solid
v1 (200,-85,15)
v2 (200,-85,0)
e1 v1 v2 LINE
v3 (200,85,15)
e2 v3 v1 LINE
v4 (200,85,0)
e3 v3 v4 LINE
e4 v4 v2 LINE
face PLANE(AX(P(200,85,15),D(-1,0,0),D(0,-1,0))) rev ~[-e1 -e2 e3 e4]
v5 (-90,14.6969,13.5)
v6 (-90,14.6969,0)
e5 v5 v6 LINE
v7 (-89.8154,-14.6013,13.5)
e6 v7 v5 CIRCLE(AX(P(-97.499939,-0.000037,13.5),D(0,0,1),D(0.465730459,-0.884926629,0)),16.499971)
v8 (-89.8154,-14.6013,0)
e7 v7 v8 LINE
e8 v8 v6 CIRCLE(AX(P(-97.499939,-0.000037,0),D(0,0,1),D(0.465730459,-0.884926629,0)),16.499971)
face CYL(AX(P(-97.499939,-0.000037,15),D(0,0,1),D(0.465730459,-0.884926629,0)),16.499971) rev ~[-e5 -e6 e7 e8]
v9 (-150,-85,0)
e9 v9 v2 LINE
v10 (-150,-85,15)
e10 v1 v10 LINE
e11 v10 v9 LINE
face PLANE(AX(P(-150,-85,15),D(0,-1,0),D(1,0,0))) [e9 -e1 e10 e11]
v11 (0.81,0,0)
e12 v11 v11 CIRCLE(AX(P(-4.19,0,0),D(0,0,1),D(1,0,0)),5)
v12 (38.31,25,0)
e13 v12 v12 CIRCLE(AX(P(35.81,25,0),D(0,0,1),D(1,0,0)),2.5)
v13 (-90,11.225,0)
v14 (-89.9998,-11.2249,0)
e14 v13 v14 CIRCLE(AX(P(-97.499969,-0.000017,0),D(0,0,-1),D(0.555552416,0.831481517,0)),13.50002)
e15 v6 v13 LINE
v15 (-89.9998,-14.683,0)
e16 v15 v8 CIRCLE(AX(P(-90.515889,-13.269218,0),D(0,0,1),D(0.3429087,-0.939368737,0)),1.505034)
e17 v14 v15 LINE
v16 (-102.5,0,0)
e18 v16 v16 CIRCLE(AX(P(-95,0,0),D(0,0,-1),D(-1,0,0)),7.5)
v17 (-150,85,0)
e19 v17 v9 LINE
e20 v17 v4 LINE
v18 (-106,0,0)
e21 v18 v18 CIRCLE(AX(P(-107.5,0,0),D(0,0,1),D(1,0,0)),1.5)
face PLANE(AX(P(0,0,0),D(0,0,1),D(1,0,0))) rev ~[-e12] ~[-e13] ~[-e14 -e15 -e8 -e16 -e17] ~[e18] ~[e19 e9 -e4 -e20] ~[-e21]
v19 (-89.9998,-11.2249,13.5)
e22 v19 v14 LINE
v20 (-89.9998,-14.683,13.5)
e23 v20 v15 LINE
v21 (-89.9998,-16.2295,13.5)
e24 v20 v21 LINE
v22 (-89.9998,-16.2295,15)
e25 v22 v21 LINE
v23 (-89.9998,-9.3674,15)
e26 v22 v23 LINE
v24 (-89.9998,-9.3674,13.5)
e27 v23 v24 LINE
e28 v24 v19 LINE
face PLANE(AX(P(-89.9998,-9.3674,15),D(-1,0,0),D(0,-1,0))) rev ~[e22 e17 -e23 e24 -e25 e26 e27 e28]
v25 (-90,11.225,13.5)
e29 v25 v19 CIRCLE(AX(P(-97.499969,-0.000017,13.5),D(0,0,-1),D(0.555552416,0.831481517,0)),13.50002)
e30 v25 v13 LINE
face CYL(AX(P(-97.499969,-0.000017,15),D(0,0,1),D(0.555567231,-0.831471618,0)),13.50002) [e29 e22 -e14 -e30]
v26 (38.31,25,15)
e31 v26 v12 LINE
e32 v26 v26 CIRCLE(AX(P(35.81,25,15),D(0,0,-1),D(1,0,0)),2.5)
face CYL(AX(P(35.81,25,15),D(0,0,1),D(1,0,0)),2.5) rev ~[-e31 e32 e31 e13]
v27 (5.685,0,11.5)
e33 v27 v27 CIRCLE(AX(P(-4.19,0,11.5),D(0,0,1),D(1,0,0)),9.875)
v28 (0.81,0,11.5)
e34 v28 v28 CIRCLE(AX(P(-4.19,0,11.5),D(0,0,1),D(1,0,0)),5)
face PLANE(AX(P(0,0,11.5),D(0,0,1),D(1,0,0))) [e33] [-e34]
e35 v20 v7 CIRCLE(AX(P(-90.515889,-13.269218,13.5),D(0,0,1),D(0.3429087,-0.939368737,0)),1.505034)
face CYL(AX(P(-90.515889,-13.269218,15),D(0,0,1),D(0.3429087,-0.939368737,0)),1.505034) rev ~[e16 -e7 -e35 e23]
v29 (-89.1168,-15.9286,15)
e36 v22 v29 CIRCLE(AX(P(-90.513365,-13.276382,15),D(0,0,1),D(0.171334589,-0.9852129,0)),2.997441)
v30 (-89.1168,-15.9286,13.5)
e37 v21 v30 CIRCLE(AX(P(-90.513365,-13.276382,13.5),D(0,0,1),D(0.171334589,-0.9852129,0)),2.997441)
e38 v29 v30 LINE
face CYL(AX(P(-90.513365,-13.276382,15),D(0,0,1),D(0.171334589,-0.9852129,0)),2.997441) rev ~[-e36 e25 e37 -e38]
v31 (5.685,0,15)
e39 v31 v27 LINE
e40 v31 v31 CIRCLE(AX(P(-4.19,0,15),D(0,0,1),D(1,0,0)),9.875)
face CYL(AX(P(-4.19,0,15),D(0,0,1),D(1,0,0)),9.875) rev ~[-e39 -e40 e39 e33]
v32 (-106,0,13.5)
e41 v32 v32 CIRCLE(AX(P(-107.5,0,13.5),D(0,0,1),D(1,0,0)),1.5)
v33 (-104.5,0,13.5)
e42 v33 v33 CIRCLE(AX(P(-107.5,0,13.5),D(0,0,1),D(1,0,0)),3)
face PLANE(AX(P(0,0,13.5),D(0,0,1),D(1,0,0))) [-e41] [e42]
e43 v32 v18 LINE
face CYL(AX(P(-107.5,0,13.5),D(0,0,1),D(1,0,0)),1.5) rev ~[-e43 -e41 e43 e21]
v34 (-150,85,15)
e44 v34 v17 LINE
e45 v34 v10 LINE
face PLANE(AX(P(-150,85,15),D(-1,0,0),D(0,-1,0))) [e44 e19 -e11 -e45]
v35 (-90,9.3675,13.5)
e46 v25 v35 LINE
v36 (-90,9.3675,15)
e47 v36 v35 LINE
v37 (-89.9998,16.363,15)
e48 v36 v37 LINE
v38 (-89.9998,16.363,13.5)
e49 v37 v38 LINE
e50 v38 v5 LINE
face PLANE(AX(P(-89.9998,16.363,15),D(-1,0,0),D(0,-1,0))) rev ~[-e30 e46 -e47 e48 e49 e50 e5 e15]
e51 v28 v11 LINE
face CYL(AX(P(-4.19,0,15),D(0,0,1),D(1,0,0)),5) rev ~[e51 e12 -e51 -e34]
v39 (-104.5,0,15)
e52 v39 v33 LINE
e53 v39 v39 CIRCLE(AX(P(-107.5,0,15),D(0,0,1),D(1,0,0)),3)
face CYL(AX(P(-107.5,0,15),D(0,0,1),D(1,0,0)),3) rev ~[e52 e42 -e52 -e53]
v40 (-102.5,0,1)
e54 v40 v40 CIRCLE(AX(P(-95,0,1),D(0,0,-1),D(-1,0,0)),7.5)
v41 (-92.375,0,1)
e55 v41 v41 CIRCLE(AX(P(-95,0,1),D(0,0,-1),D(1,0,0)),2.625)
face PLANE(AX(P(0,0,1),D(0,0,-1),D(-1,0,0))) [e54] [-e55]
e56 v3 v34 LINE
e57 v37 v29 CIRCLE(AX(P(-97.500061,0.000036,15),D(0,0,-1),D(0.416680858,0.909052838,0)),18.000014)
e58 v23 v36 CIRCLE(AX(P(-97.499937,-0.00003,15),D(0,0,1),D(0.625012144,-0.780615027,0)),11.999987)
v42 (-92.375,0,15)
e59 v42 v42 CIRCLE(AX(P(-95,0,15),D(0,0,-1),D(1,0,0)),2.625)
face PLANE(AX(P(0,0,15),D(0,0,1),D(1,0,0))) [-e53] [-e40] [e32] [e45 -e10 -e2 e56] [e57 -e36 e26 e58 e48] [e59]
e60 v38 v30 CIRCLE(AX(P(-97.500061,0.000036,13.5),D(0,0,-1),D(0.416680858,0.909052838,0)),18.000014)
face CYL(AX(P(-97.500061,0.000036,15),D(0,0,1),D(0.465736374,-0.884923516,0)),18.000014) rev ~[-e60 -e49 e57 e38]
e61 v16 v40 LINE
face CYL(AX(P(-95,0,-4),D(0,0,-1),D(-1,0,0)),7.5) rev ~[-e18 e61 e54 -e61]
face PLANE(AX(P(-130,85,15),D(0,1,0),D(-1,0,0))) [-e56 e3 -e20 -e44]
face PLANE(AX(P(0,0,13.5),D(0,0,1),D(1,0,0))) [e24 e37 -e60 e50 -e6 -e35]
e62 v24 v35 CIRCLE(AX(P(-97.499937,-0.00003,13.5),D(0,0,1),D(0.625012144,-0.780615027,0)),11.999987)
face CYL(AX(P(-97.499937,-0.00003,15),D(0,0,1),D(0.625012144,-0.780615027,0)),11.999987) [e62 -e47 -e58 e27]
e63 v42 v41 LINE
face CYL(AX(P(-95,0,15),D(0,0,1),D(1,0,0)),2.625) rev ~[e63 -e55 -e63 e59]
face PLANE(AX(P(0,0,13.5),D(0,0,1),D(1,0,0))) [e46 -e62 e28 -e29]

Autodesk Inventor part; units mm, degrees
ref_plane "YZ Plane" through (0, 0, 0) normal (1, 0, 0) x (0, 1, 0)
ref_plane "XZ Plane" through (0, 0, 0) normal (0, 1, 0) x (-1, 0, 0)
sketch "Boceto2" plane through (0, 0, 0) normal (0, 0, 1) x (1, 0, 0)
  line L0 (130, -85) -> (-130, -85)
  line L1 (-130, -85) -> (-130, 85)
  line L2 (-130, 85) -> (130, 85)
  line L3 (130, 85) -> (130, -85)
  line L4 (130, -85) -> (-130, 85) construction
  line L5 (-130, -85) -> (130, 85) construction
  point P0 (0, 0)
  dimension "d0" = 260
  dimension "d1" = 170
extrude "Extrusión1" add sketch "Boceto2" along normal blind 15
sketch "Boceto3" plane through (0, 0, 15) normal (0, 0, 1) x (1, 0, 0)
  line L0 (-95, 0) -> (-4.19, 0) construction
  circle A0 centre (-95, 0) radius 2.625
  circle A1 centre (-4.19, 0) radius 9.875
  line L1 (-130, 85) -> (-130, -85) projected
  line L2 (130, -85) -> (130, 85) projected
  line L3 (-130, -85) -> (130, -85) projected
  line L4 (130, 0) -> (80, 0) construction
  line L5 (80, 0) -> (80, -23.2237) construction
  arc A2 (-102.5, -15.9496) -> (-102.5, 15.9496) centre (-109.9995, 0) ccw
  arc A3 (-102.5, -9.8973) -> (-102.5, 9.8973) centre (-109.9995, 0) ccw
  line L6 (-95, 0) -> (-102.5, 0)
  line L7 (-102.5, 15.9496) -> (-102.5, 12.8966)
  line L8 (-102.5, 15.9496) -> (-102.5, 9.8973)
  line L9 (-102.5, -9.8973) -> (-102.5, -15.9496)
  point P0 (0, 0)
  point P1 (-130, 0)
  point P2 (-92.375, 0)
  point P3 (-97.5893, -0.4312)
  point P4 (-97.5893, 0.4312)
  dimension "d7" = 5.25
  dimension "d8" = 19.75
  dimension "d14" = 85
  dimension "d29" = 50
  dimension "d31" = 35
  dimension "d32" = 134.19
  dimension "d139" = 125.81
  dimension "d141" = 7.5
sketch "Boceto5" plane through (0, 0, 0) normal (0, 0, -1) x (-1, 0, 0)
  line L0 (-130, -85) -> (-130, 85) projected
  line L1 (130, -85) -> (-130, -85)
  line L2 (-130, -85) -> (-130, 85)
  line L3 (-130, 85) -> (130, 85)
  line L4 (130, 85) -> (130, -85)
  line L5 (130, -85) -> (-130, 85) construction
  line L6 (-130, -85) -> (130, 85) construction
  line L7 (119.5, 74.5) -> (-119.5, 74.5)
  line L8 (-119.5, 74.5) -> (-119.5, -74.5)
  line L9 (-119.5, -74.5) -> (119.5, -74.5)
  line L10 (119.5, -74.5) -> (119.5, 74.5)
  circle A0 centre (95, 0) radius 2.625 projected
  circle A1 centre (95, 0) radius 2.625
  point P0 (0, 0)
  dimension "d23" = 10.5
  dimension "d25" = 5.25
sketch "Boceto6" plane through (0, 0, 15) normal (0, 0, 1) x (1, 0, 0)
  circle A0 centre (-4.19, 0) radius 10.125 projected
  line L0 (-4.19, 0) -> (35.81, 0)
  line L1 (35.81, 0) -> (35.81, 25)
  circle A1 centre (35.81, 25) radius 2.5
  point P0 (0, 0)
  dimension "d35" = 40
  dimension "d36" = 25
  dimension "d152" = 5
ref_plane "Plano de trabajo4" through (0, 0, -4) normal (0, 0, -1) x (-1, 0, 0)
sketch "Boceto10" plane through (0, 0, -4) normal (0, 0, -1) x (-1, 0, 0)
  circle A0 centre (95, 0) radius 2.625 projected
  circle A1 centre (95, 0) radius 7.5
  point P0 (0, 0)
  dimension "d51" = 15
ref_plane "Plano de trabajo1" through (-95, 0, 0) normal (0, 0, -1) x (-1, 0, 0)
sketch "Boceto12" plane through (0, 0, 15) normal (0, 0, 1) x (1, 0, 0)
  circle A0 centre (-95, 0) radius 2.625 construction
  circle A1 centre (-95, 0) radius 7.5 construction
  line L0 (-95, 0) -> (-82.5, 0) construction
  circle A2 centre (-82.5, 0) radius 3
  line L1 (-95, 0) -> (-107.5, 0) construction
  circle A3 centre (-107.5, 0) radius 3
  circle A4 centre (-107.5, 0) radius 1.5 construction
  circle A5 centre (-82.5, 0) radius 1.5 construction
  line L2 (-82.5, 0) -> (-97.5, 0) construction
  line L3 (-97.5, 0) -> (-97.5, 18.5) construction
  arc A6 (-89.1168, -15.9286) -> (-89.9998, 16.363) centre (-97.5, 0) ccw
  arc A7 (-89.9998, -16.2295) -> (-89.1168, -15.9286) centre (-90.514, -13.2739) ccw
  arc A8 (-89.9998, -16.2295) -> (-89.1168, -15.9286) centre (-90.514, -13.2739) ccw
  arc A9 (-92.595, 10.9517) -> (-92.4052, 10.8647) centre (-91.2508, 13.6338) ccw
  arc A10 (-89.9998, -16.2295) -> (-89.1168, -15.9286) centre (-90.514, -13.2739) ccw
  arc A11 (-89.8154, -14.6013) -> (-90, 14.6969) centre (-97.5, 0) ccw
  arc A12 (-89.9998, -11.2249) -> (-90, 11.225) centre (-97.5, 0) ccw
  arc A13 (-89.9998, -14.683) -> (-89.8154, -14.6013) centre (-90.514, -13.2739) ccw
  circle A14 centre (-82.5, 0) radius 1.5
  line L4 (-130, 85) -> (-130, -85) projected
  line L5 (-130, -85) -> (130, -85) projected
  line L6 (-82.5, 0) -> (-90, 0) construction
  line L7 (-90, 0) -> (-90, 18.2385) construction
  line L8 (-89.9998, 16.363) -> (-89.9998, -17.0131)
  arc A15 (-89.9998, -9.3674) -> (-90, 9.3675) centre (-97.5, 0) ccw
  arc A16 (-92.4052, 10.8647) -> (-92.6345, 10.9694) centre (-97.5, 0) ccw
  point P0 (0, 0)
  point P1 (-89.8154, -14.6013)
  point P2 (-91.2126, -11.9465)
  point P3 (-84.225, -2.4545)
  point P4 (-79.5, 0)
  point P5 (-81.225, -2.7156)
  point P6 (-84.225, 2.4545)
  point P7 (-81.225, 2.7156)
  point P8 (-84, 0)
  point P9 (-81, 0)
  point P10 (-89.9998, 11.2249)
  point P11 (-89.9998, 9.3674)
  point P12 (-85.5, 0)
  point P13 (-89.9998, 14.6969)
  dimension "d59" = 15
  dimension "d60" = 12.5
  dimension "d61" = 6
  dimension "d62" = 12.5
  dimension "d63" = 6
  dimension "d64" = 3
  dimension "d65" = 3
  dimension "d126" = 15
  dimension "d127" = 6
  dimension "d128" = 6
  dimension "d129" = 1.5
  dimension "d130" = 1.5
  dimension "d135" = 3
extrude "Extrusión10" cut sketch "Boceto12" against normal blind 1.5 contours A2 A11 | A11 A14 A12 A2 | A2 A12 A14 A11 | A12 A2 | A14 | A3
sketch "Boceto13" plane through (-82.5, 0, 13.5) normal (0, 0, 1) x (1, 0, 0)
  circle A0 centre (0, 0) radius 1.5
  circle A1 centre (-25, 0) radius 3 projected
  circle A2 centre (-25, 0) radius 1.5
  point P0 (82.5, 0)
  dimension "d68" = 3
  dimension "d69" = 3
extrude "Extrusión11" cut sketch "Boceto13" against normal through all contours A0 | A2
extrude "Extrusión12" cut sketch "Boceto10" against normal blind 5
ref_plane "Plano de trabajo2" through (-4.19, 0, 15) normal (0, 0, 1) x (1, 0, 0)
sketch "Boceto15" plane through (-4.19, 0, 15) normal (0, 0, 1) x (1, 0, 0)
  circle A0 centre (0, 0) radius 5
  circle A1 centre (0, 0) radius 74 construction
  circle A2 centre (-90.81, 0) radius 2.625 construction
  circle A3 centre (-90.81, 0) radius 20 construction
  point P0 (4.19, 0)
  dimension "d77" = 10
  dimension "d80" = 148
  dimension "d82" = 40
extrude "Extrusión14" cut sketch "Boceto15" against normal through all
ref_plane "Plano de trabajo3" through (0, 0, -4) normal (0, 0, -1) x (-1, 0, 0)
sketch "Boceto17" plane through (0, 0, 15) normal (0, 0, 1) x (1, 0, 0)
  circle A0 centre (-95, 0) radius 2.625 construction
  circle A1 centre (-4.19, 0) radius 5 construction
  circle A2 centre (-4.19, 0) radius 40
  circle A3 centre (-4.19, 0) radius 15
  point P0 (0, 0)
  dimension "d87" = 80
  dimension "d88" = 30
sketch "Boceto20" plane through (0, 0, 15) normal (0, 0, 1) x (1, 0, 0)
  line L0 (130, 85) -> (-130, 85) projected
  line L1 (130, -85) -> (130, 85)
  line L2 (130, 85) -> (220, 85)
  line L3 (220, 85) -> (220, -85)
  line L4 (220, -85) -> (130, -85)
  line L5 (130, -85) -> (130, 85)
  point P0 (0, 0)
  dimension "d115" = 90
extrude "Extrusión22" add sketch "Boceto20" against normal blind 15
extrude "Extrusión23" cut sketch "Boceto3" against normal through all contours A0 A3 | A3 L6 A0 | A0 L6 A3
extrude "Extrusión24" [suppressed]
extrude "Extrusión25" cut sketch "Boceto12" against normal blind 1.5 contours A2 A11 | A6 A7 L8 A13 A11 A2 | A2 A11 L8 A6 | A12 A2 | A2 A15 L8 A12 | A12 L8 A15 A2
extrude "Extrusión26" cut sketch "Boceto12" against normal through all contours A11 A14 A12 A2 | A2 A12 L8 A11 | A11 A13 L8 A12 A2 | A2 A12 A14 A11
sketch "Boceto21" plane through (0, 0, 15) normal (0, 0, 1) x (1, 0, 0)
  line L0 (-130, 85) -> (-150, 85)
  line L1 (-150, 85) -> (-150, -85)
  line L2 (-150, -85) -> (-130, -85)
  line L3 (-130, -85) -> (-130, 85)
  line L4 (220, 85) -> (-130, 85) projected
  line L5 (-130, -85) -> (220, -85) projected
  line L6 (220, 85) -> (200, 85)
  line L7 (200, 85) -> (200, -85)
  line L8 (200, -85) -> (220, -85)
  line L9 (220, -85) -> (220, 85)
  point P0 (0, 0)
  dimension "d146" = 20
  dimension "d147" = 20
extrude "Extrusión28" add sketch "Boceto21" against normal blind 15 contours L3 L2 L1 L0
extrude "Extrusión29" cut sketch "Boceto21" against normal through all contours L4 L9 L5 L7
extrude "Extrusión30" cut sketch "Boceto6" against normal through all contours A1
extrude "Extrusión31" cut sketch "Boceto3" against normal blind 3.5 contours A1
properties part number "Cover"
